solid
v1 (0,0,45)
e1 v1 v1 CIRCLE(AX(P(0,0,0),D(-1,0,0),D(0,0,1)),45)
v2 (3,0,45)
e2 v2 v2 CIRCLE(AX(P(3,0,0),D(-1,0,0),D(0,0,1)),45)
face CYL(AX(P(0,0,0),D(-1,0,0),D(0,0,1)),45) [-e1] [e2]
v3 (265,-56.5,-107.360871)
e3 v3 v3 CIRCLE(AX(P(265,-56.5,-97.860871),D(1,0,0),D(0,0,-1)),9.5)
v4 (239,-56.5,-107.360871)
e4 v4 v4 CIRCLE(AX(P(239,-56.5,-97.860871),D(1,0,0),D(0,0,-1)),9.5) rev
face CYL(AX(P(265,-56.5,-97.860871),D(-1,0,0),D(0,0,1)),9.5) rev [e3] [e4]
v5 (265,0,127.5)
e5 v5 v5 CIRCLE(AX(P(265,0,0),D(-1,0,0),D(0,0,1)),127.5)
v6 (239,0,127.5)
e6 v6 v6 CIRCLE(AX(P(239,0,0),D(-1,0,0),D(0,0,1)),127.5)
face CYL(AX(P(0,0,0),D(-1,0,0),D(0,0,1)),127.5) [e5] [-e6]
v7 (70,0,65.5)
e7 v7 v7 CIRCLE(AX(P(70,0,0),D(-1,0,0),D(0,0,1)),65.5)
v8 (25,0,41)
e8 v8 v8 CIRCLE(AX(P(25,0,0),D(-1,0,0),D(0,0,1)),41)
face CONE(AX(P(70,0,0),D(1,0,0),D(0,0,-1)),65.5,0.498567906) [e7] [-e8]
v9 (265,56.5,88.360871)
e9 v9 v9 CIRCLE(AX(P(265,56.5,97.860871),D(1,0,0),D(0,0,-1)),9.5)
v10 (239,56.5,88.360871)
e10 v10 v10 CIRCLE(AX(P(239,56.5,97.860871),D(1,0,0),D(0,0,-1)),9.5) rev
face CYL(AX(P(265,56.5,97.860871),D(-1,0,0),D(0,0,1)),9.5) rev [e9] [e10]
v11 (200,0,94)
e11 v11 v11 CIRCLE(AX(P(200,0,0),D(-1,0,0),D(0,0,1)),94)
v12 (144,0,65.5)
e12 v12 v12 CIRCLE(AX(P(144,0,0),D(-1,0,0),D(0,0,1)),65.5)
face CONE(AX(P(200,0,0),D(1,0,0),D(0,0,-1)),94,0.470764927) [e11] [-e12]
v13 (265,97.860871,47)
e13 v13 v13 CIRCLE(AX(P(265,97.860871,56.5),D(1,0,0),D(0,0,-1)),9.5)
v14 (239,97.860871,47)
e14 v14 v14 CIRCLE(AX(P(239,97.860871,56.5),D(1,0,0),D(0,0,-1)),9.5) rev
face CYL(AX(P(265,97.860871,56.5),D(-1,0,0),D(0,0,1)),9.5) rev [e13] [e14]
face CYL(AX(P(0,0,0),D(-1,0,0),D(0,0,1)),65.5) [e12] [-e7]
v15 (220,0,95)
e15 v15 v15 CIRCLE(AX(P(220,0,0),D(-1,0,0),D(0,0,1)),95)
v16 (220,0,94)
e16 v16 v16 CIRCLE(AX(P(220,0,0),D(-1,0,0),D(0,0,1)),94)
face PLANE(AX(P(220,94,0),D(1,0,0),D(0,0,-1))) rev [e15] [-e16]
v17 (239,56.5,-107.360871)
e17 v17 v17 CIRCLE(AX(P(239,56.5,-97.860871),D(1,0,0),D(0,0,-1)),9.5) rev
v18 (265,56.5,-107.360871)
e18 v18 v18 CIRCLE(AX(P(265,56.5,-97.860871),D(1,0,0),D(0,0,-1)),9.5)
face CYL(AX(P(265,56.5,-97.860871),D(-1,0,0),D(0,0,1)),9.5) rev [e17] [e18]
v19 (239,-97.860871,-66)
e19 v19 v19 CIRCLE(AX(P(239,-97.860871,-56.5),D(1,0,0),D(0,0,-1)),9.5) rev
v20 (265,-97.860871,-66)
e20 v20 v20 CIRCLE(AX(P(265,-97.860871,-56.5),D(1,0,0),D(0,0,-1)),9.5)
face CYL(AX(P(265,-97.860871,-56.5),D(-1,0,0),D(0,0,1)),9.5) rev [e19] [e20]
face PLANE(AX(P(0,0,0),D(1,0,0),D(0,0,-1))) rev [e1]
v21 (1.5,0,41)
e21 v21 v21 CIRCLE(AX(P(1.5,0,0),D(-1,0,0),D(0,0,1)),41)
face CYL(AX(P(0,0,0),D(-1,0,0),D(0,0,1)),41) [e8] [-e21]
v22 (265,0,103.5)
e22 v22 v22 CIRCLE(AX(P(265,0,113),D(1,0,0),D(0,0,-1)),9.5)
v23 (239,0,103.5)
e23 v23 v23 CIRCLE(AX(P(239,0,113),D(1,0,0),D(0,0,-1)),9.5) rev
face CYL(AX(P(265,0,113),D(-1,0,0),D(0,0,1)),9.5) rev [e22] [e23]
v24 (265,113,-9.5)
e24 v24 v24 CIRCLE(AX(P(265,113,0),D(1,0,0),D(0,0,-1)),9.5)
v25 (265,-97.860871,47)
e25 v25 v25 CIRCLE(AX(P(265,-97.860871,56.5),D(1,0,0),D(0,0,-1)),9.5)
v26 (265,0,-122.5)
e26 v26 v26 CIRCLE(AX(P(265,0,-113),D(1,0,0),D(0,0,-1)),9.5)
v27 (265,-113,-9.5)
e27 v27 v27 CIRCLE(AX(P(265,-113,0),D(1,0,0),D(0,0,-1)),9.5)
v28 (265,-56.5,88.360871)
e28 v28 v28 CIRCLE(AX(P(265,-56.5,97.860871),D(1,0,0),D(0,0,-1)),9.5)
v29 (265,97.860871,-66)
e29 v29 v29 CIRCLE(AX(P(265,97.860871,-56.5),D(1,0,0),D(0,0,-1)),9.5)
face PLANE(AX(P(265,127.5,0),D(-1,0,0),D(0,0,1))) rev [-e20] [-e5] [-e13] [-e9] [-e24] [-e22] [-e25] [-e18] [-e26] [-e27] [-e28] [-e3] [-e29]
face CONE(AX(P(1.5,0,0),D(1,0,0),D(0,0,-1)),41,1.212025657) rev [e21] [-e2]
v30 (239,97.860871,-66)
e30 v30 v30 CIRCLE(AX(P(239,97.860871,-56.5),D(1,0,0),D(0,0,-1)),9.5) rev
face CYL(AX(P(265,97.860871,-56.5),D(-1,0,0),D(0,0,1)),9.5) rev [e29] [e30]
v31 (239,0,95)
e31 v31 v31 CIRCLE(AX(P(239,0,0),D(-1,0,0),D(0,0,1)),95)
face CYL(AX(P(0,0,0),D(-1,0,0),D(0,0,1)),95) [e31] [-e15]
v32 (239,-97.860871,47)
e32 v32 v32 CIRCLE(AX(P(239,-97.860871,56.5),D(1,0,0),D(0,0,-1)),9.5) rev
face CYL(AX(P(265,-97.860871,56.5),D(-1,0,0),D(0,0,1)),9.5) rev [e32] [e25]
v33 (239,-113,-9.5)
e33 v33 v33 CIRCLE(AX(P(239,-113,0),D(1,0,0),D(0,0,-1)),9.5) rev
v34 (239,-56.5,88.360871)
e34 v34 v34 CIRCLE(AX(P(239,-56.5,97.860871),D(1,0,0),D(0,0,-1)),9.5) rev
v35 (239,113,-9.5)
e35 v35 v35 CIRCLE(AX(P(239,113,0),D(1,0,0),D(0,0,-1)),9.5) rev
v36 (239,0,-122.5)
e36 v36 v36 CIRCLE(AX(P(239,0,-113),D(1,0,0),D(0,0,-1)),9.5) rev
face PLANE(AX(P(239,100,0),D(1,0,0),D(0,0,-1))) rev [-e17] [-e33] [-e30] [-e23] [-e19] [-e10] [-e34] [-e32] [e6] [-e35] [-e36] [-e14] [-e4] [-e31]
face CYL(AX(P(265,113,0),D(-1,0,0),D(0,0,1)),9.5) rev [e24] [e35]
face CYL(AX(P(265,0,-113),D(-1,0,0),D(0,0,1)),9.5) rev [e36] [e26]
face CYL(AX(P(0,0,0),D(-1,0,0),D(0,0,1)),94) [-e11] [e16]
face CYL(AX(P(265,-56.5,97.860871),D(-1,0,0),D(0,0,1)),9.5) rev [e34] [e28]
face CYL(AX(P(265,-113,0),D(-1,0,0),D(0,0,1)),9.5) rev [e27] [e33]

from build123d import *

# Parameters (mm, degrees)
SKETCH_3_R           = 9.5
CUT_EXTRUDE_1_DEPTH  = 321.526909947
SKETCH_4_R           = 9.5
CUT_EXTRUDE_2_DEPTH  = 321.526909947
SKETCH_5_R           = 9.5
CUT_EXTRUDE_3_DEPTH  = 321.526909947
SKETCH_6_R           = 9.5
CUT_EXTRUDE_4_DEPTH  = 321.526909947
SKETCH_7_R           = 9.5
CUT_EXTRUDE_5_DEPTH  = 321.526909947
SKETCH_8_R           = 9.5
CUT_EXTRUDE_6_DEPTH  = 321.526909947
SKETCH_9_R           = 9.5
CUT_EXTRUDE_7_DEPTH  = 321.526909947
SKETCH_10_R          = 9.5
CUT_EXTRUDE_8_DEPTH  = 321.526909947
SKETCH_11_R          = 9.5
CUT_EXTRUDE_9_DEPTH  = 321.526909947
SKETCH_12_R          = 9.5
CUT_EXTRUDE_10_DEPTH = 321.526909947
SKETCH_13_R          = 9.5
CUT_EXTRUDE_11_DEPTH = 321.526909947
SKETCH_14_R          = 9.5
CUT_EXTRUDE_12_DEPTH = 321.526909947


with BuildPart() as part:
    # Эскиз1 → Повернуть1 (revolve)
    with BuildSketch(Plane.XY, mode=Mode.PRIVATE) as revolve_1_sk:
        Polygon((0, 0), (265, 0), (265, 127.5), (239, 127.5), (239, 100), (239, 95), (220, 95), (220, 94), (200, 94), (144, 65.5), (70, 65.5), (25, 41), (1.5, 41), (3, 45), (0, 45), align=None)
    revolve(revolve_1_sk.sketch.rotate(Axis((0, 0, 0), (1, 0, 0)), 90), axis=Axis((0, 0, 0), (1, 0, 0)))

    # Эскиз3 → Вырез-Вытянуть1 (cut, through all)
    with BuildSketch(Plane(origin=(0, 0, 0), x_dir=(0, 0, -1), z_dir=(1, 0, 0))):
        with Locations((0, 113)):
            Circle(SKETCH_3_R)
    extrude(amount=CUT_EXTRUDE_1_DEPTH, mode=Mode.SUBTRACT)

    # Эскиз4 → Вырез-Вытянуть2 (cut, through all)
    with BuildSketch(Plane(origin=(0, 0, 0), x_dir=(0, 0, -1), z_dir=(1, 0, 0))):
        with Locations((-56.5, 97.860870628)):
            Circle(SKETCH_4_R)
    extrude(amount=CUT_EXTRUDE_2_DEPTH, mode=Mode.SUBTRACT)

    # Эскиз5 → Вырез-Вытянуть3 (cut, through all)
    with BuildSketch(Plane(origin=(0, 0, 0), x_dir=(0, 0, -1), z_dir=(1, 0, 0))):
        with Locations((-97.860870628, 56.5)):
            Circle(SKETCH_5_R)
    extrude(amount=CUT_EXTRUDE_3_DEPTH, mode=Mode.SUBTRACT)

    # Эскиз6 → Вырез-Вытянуть4 (cut, through all)
    with BuildSketch(Plane(origin=(0, 0, 0), x_dir=(0, 0, -1), z_dir=(1, 0, 0))):
        with Locations((-113, 0)):
            Circle(SKETCH_6_R)
    extrude(amount=CUT_EXTRUDE_4_DEPTH, mode=Mode.SUBTRACT)

    # Эскиз7 → Вырез-Вытянуть5 (cut, through all)
    with BuildSketch(Plane(origin=(0, 0, 0), x_dir=(0, 0, -1), z_dir=(1, 0, 0))):
        with Locations((-97.860870628, -56.5)):
            Circle(SKETCH_7_R)
    extrude(amount=CUT_EXTRUDE_5_DEPTH, mode=Mode.SUBTRACT)

    # Эскиз8 → Вырез-Вытянуть6 (cut, through all)
    with BuildSketch(Plane(origin=(0, 0, 0), x_dir=(0, 0, -1), z_dir=(1, 0, 0))):
        with Locations((-56.5, -97.860870628)):
            Circle(SKETCH_8_R)
    extrude(amount=CUT_EXTRUDE_6_DEPTH, mode=Mode.SUBTRACT)

    # Эскиз9 → Вырез-Вытянуть7 (cut, through all)
    with BuildSketch(Plane(origin=(0, 0, 0), x_dir=(0, 0, -1), z_dir=(1, 0, 0))):
        with Locations((0, -113)):
            Circle(SKETCH_9_R)
    extrude(amount=CUT_EXTRUDE_7_DEPTH, mode=Mode.SUBTRACT)

    # Эскиз10 → Вырез-Вытянуть8 (cut, through all)
    with BuildSketch(Plane(origin=(0, 0, 0), x_dir=(0, 0, -1), z_dir=(1, 0, 0))):
        with Locations((56.5, -97.860870628)):
            Circle(SKETCH_10_R)
    extrude(amount=CUT_EXTRUDE_8_DEPTH, mode=Mode.SUBTRACT)

    # Эскиз11 → Вырез-Вытянуть9 (cut, through all)
    with BuildSketch(Plane(origin=(0, 0, 0), x_dir=(0, 0, -1), z_dir=(1, 0, 0))):
        with Locations((97.860870628, -56.5)):
            Circle(SKETCH_11_R)
    extrude(amount=CUT_EXTRUDE_9_DEPTH, mode=Mode.SUBTRACT)

    # Эскиз12 → Вырез-Вытянуть10 (cut, through all)
    with BuildSketch(Plane(origin=(0, 0, 0), x_dir=(0, 0, -1), z_dir=(1, 0, 0))):
        with Locations((113, 0)):
            Circle(SKETCH_12_R)
    extrude(amount=CUT_EXTRUDE_10_DEPTH, mode=Mode.SUBTRACT)

    # Эскиз13 → Вырез-Вытянуть11 (cut, through all)
    with BuildSketch(Plane(origin=(0, 0, 0), x_dir=(0, 0, -1), z_dir=(1, 0, 0))):
        with Locations((97.860870628, 56.5)):
            Circle(SKETCH_13_R)
    extrude(amount=CUT_EXTRUDE_11_DEPTH, mode=Mode.SUBTRACT)

    # Эскиз14 → Вырез-Вытянуть12 (cut, through all)
    with BuildSketch(Plane(origin=(0, 0, 0), x_dir=(0, 0, -1), z_dir=(1, 0, 0))):
        with Locations((56.5, 97.860870628)):
            Circle(SKETCH_14_R)
    extrude(amount=CUT_EXTRUDE_12_DEPTH, mode=Mode.SUBTRACT)


solid = part.part
